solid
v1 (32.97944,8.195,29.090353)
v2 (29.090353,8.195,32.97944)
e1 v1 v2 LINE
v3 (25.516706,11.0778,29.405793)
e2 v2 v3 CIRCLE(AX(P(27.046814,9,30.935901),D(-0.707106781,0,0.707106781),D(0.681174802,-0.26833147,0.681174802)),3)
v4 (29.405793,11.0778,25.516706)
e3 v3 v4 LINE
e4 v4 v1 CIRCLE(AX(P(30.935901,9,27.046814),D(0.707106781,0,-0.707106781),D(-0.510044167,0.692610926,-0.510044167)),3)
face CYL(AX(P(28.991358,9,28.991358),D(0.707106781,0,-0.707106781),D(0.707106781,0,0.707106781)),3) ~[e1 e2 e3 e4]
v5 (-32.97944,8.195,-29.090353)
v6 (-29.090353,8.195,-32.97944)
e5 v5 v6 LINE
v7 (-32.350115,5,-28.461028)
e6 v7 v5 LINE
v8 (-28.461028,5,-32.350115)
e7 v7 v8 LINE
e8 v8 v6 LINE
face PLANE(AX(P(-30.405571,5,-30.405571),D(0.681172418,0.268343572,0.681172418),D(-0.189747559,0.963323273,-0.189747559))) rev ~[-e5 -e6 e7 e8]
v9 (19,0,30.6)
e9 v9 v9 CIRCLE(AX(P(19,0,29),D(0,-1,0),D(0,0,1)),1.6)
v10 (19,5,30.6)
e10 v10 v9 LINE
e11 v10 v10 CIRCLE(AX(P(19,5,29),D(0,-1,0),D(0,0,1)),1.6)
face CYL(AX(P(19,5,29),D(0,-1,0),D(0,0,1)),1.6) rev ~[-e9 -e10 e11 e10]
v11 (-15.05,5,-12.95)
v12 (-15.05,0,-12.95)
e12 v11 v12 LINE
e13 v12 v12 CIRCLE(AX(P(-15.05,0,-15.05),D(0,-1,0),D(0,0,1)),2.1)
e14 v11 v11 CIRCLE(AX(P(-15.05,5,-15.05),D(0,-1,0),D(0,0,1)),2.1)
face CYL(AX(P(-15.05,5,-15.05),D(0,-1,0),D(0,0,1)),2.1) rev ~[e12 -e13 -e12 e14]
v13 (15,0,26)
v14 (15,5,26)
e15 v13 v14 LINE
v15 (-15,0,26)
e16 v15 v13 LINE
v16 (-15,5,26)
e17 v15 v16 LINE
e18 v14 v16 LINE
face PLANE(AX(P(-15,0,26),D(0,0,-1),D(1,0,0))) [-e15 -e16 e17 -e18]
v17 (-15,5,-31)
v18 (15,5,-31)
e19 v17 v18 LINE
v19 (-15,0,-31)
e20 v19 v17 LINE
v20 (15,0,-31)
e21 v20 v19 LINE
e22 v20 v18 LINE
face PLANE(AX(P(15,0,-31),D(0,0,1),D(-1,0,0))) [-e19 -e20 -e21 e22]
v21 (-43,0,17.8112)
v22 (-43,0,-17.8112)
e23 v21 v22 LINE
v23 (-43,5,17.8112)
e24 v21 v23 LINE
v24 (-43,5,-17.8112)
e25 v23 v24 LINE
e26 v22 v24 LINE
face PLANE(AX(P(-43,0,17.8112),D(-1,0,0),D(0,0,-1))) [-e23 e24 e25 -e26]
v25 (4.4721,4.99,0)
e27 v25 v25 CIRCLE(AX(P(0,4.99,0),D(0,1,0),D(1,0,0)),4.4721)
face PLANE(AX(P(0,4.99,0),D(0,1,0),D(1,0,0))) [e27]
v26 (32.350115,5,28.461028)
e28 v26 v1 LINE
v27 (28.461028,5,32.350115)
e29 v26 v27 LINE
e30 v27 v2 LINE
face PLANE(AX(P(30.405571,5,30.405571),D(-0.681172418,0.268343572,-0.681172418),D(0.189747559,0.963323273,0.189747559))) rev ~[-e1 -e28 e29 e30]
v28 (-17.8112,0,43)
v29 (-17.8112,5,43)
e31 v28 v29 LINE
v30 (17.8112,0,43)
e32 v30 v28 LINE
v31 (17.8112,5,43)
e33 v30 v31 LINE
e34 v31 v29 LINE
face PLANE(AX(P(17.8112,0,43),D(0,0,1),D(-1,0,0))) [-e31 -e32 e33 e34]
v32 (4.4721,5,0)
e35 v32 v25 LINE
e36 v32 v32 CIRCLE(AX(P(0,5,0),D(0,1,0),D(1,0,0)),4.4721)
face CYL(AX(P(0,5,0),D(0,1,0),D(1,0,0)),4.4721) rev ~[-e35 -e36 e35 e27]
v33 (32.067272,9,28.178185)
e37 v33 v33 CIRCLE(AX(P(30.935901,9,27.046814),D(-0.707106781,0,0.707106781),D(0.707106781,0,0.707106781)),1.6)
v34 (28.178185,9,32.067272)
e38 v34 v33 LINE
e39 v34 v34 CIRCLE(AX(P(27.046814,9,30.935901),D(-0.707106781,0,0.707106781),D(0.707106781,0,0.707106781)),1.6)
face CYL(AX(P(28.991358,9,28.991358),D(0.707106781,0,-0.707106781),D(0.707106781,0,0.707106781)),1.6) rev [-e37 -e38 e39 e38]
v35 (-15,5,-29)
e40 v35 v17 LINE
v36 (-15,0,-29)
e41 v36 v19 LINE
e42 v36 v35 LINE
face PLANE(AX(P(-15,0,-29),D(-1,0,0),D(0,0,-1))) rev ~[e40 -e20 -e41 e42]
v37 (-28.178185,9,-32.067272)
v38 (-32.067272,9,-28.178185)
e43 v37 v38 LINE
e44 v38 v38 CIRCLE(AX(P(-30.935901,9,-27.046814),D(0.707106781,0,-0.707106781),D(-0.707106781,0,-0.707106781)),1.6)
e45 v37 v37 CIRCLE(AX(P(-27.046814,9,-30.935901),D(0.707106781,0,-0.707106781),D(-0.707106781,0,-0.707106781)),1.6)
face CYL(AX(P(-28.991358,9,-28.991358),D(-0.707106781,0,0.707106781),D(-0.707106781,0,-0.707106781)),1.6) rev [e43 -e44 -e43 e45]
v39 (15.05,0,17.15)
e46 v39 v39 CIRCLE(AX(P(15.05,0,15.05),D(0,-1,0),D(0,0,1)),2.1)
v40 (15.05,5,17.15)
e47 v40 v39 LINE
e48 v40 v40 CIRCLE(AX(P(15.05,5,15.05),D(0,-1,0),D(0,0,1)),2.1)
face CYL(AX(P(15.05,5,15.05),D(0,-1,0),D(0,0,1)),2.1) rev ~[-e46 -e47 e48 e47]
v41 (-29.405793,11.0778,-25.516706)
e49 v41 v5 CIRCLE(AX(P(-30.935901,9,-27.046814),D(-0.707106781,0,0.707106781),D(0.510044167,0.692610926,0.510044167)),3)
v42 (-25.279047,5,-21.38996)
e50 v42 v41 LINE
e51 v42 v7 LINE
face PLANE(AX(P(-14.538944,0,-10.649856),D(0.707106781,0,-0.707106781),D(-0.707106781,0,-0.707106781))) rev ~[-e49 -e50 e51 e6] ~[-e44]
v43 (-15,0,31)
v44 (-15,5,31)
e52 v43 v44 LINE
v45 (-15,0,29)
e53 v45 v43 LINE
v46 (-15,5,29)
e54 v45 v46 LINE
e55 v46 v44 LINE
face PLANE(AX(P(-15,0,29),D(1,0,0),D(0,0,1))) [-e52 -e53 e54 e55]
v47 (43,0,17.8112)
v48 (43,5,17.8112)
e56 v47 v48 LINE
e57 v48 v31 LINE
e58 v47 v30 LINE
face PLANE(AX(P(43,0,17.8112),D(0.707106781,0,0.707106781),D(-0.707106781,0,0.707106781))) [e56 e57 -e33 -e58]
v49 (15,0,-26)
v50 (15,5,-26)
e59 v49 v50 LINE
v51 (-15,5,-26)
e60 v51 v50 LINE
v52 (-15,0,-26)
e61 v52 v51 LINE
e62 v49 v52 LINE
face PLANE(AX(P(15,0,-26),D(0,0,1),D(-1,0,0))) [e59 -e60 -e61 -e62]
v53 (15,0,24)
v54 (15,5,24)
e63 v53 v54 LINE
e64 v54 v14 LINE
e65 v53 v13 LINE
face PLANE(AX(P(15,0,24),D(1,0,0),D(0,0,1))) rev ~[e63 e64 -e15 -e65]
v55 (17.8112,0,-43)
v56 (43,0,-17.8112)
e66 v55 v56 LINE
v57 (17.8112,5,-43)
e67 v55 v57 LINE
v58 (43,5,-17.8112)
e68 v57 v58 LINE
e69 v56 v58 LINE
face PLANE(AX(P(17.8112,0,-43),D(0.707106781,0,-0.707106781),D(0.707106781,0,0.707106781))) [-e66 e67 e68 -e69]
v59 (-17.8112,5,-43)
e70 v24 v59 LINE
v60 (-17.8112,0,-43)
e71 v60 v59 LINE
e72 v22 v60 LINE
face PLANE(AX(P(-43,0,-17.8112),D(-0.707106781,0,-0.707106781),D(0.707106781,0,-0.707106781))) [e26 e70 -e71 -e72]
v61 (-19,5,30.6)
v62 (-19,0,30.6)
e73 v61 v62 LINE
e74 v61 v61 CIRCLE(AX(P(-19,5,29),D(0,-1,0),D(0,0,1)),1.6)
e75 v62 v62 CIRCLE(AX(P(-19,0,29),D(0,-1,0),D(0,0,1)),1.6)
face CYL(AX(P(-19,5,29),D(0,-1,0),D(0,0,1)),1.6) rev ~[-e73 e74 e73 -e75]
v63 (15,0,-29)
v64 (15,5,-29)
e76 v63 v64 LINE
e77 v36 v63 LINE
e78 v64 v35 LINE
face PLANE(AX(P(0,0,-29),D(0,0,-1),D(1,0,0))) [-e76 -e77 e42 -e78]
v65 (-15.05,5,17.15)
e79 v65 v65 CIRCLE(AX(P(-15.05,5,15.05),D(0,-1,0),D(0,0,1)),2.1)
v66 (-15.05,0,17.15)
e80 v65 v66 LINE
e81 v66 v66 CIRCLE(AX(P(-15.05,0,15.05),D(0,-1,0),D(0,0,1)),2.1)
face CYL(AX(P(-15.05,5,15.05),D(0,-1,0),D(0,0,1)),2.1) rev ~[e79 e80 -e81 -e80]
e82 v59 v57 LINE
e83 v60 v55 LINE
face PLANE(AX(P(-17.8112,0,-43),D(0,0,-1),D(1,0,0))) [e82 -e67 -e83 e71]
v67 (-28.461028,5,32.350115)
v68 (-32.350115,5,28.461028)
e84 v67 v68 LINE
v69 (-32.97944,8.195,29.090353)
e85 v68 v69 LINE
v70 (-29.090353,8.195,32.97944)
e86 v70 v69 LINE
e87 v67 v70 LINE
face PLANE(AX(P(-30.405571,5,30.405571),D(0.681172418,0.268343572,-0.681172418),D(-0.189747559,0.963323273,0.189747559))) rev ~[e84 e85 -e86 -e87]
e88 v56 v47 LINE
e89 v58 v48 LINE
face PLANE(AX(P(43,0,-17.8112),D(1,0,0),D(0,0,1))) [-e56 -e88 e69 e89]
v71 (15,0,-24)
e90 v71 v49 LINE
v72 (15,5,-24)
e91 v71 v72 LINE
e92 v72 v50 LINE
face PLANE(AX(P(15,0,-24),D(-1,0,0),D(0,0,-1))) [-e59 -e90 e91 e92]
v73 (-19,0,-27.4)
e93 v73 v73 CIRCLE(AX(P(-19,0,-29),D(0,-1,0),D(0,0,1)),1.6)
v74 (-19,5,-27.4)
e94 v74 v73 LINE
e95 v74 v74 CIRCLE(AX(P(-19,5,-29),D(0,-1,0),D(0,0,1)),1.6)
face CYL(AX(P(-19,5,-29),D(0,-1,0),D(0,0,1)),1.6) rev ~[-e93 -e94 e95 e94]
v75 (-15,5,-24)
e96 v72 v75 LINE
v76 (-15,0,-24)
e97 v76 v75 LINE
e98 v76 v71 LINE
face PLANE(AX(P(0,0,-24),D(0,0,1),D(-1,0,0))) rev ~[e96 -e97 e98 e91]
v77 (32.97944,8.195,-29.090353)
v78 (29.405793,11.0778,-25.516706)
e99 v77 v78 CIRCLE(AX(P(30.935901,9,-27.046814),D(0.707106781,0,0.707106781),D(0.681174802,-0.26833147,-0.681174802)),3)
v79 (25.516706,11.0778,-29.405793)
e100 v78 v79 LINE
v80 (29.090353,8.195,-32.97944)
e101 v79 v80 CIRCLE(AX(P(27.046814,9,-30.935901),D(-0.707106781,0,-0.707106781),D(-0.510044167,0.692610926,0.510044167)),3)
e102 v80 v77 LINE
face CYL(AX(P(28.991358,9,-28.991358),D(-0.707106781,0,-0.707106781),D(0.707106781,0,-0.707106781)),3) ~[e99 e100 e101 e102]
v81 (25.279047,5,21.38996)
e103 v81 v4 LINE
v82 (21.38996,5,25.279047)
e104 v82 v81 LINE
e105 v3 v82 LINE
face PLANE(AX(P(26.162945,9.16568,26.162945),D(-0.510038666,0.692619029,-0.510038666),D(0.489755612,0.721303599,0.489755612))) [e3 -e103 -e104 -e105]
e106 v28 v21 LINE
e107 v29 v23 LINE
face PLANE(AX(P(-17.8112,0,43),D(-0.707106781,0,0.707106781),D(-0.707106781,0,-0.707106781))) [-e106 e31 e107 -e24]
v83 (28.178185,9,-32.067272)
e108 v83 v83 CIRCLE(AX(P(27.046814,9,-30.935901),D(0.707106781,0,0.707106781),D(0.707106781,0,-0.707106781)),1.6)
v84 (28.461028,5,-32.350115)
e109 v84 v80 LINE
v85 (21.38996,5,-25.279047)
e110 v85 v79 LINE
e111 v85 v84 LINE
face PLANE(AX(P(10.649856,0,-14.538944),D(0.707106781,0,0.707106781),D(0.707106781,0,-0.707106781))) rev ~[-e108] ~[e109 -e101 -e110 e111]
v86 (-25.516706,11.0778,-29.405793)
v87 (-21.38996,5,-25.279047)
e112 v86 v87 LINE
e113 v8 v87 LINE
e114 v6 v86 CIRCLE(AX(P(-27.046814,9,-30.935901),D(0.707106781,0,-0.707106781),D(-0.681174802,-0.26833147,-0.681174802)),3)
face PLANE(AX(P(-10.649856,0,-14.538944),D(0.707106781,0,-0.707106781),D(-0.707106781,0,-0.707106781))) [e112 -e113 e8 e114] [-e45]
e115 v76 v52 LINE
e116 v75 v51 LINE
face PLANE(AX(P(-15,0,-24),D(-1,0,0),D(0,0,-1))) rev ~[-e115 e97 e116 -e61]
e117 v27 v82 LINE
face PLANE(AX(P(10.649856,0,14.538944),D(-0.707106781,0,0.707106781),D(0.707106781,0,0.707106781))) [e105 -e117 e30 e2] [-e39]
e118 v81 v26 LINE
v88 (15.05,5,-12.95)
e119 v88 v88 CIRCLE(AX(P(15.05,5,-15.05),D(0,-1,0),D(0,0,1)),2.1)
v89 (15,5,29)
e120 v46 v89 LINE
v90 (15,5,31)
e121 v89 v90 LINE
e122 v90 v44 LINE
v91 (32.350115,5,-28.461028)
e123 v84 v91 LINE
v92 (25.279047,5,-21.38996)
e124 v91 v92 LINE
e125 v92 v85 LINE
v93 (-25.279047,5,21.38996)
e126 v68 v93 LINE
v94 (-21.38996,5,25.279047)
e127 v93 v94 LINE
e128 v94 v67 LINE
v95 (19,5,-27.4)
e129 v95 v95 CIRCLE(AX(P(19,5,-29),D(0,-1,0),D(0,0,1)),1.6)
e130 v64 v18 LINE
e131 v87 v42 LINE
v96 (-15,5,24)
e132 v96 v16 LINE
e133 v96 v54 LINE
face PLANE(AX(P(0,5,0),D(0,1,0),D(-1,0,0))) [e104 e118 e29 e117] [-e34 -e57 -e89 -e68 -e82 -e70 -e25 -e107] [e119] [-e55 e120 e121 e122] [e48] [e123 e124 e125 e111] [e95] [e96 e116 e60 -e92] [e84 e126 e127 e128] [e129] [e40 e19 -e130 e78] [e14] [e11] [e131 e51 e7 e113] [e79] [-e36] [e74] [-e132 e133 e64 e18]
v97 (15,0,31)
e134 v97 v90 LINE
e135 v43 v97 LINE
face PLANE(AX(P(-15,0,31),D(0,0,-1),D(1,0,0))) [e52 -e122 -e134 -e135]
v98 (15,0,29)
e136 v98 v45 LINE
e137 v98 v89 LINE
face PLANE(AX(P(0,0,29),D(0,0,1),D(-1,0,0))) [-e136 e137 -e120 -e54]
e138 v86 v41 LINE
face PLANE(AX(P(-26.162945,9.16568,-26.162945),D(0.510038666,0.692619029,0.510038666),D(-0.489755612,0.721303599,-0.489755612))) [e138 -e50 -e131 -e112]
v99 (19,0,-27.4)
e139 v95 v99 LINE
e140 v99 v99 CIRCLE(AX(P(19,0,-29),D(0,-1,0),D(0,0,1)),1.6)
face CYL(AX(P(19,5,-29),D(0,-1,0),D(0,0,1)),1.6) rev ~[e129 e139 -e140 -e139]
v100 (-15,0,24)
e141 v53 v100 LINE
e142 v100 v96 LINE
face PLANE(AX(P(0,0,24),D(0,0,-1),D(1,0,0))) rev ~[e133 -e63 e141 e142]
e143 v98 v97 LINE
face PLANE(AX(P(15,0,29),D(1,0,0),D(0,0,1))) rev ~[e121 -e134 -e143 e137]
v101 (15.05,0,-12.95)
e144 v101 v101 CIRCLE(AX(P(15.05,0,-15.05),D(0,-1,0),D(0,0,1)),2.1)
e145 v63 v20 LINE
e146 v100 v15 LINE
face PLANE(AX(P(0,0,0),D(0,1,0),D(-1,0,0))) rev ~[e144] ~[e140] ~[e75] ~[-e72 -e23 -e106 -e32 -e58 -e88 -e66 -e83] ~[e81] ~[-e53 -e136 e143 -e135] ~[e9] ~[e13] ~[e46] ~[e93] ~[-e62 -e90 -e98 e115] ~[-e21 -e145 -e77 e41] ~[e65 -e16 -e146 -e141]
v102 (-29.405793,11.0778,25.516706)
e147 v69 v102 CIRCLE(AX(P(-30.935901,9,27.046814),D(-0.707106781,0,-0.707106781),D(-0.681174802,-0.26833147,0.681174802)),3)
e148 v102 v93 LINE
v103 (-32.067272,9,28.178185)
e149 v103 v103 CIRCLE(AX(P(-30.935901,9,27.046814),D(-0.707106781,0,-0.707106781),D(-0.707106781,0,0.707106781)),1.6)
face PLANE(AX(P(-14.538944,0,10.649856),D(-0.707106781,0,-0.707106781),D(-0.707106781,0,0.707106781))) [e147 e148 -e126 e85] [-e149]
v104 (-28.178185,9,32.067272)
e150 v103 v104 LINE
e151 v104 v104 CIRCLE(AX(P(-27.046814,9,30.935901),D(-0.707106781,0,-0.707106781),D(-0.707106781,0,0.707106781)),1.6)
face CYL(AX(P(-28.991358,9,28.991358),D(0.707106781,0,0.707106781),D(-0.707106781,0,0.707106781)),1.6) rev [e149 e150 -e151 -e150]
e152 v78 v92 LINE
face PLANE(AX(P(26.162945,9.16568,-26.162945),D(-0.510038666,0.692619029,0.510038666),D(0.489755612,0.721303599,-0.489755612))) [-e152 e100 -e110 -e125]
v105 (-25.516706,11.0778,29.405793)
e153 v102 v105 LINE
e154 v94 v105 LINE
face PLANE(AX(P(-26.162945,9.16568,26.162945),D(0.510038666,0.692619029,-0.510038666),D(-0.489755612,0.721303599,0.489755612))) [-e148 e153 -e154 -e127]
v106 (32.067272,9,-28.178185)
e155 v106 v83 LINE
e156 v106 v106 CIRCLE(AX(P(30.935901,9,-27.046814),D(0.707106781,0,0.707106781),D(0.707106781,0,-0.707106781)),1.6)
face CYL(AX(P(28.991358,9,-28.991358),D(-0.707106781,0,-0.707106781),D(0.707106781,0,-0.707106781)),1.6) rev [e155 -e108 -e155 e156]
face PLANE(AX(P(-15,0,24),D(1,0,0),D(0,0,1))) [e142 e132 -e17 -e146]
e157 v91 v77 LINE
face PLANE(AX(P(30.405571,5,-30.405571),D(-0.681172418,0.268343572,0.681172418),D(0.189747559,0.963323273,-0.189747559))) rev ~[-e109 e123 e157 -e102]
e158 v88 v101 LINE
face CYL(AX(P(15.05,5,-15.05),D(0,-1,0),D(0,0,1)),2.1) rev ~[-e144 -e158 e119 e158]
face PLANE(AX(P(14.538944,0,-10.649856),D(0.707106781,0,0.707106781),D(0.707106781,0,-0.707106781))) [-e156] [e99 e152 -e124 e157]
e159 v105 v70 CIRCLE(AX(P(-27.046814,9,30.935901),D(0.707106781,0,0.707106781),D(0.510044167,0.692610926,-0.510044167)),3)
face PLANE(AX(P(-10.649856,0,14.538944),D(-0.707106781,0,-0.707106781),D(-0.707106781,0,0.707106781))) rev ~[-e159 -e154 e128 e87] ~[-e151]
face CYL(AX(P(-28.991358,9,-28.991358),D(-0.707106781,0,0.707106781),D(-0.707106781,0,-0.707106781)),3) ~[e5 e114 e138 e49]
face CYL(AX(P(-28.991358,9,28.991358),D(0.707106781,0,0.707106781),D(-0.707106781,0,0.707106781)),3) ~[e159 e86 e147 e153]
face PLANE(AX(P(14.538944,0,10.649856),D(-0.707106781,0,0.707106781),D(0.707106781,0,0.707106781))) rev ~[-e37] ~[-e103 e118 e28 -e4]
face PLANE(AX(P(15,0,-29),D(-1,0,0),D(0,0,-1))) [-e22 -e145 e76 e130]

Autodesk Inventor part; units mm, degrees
ref_plane "YZ Plane" through (0, 0, 0) normal (1, 0, 0) x (0, 1, 0)
ref_plane "XZ Plane" through (0, 0, 0) normal (0, 1, 0) x (-1, 0, 0)
sketch "Sketch1" plane through (0, 0, 0) normal (0, 1, 0) x (-1, 0, 0)
  line L0 (17.8112, 43) -> (43, 17.8112)
  line L1 (43, 17.8112) -> (43, -17.8112)
  line L2 (43, -17.8112) -> (17.8112, -43)
  line L3 (17.8112, -43) -> (-17.8112, -43)
  line L4 (-17.8112, -43) -> (-43, -17.8112)
  line L5 (-43, -17.8112) -> (-43, 17.8112)
  line L6 (-43, 17.8112) -> (-17.8112, 43)
  line L7 (-17.8112, 43) -> (17.8112, 43)
  point P0 (0, 0)
  point P1 (0, 0)
  point P2 (0, 43)
  dimension "d0" = 86
extrude "Extrusion1" add sketch "Sketch1" along normal blind 5
sketch "Sketch3" plane through (0, 0, 0) normal (0, -1, 0) x (1, 0, 0)
  line L0 (43, 17.8112) -> (43, -17.8112) projected
  line L1 (-15, 24) -> (-15, 26)
  line L2 (-15, 26) -> (0, 26)
  line L3 (0, 29) -> (-15, 29)
  line L4 (-15, 29) -> (-15, 31)
  line L5 (-15, 31) -> (0, 31)
  line L6 (0, 0) -> (0, 24) construction
  line L7 (0, 0) -> (-3.3479, 0) construction
  line L8 (0, 24) -> (-15, 24)
  line L9 (15, 24) -> (15, 26)
  line L10 (15, 26) -> (0, 26)
  line L11 (0, 29) -> (15, 29)
  line L12 (15, 29) -> (15, 31)
  line L13 (15, 31) -> (0, 31)
  line L14 (0, 24) -> (15, 24)
  line L15 (-15, -24) -> (-15, -26)
  line L16 (-15, -26) -> (0, -26)
  line L17 (0, -29) -> (-15, -29)
  line L18 (-15, -29) -> (-15, -31)
  line L19 (-15, -31) -> (0, -31)
  line L20 (0, -24) -> (-15, -24)
  line L21 (15, -24) -> (15, -26)
  line L22 (15, -26) -> (0, -26)
  line L23 (0, -29) -> (15, -29)
  line L24 (15, -29) -> (15, -31)
  line L25 (15, -31) -> (0, -31)
  line L26 (0, -24) -> (15, -24)
  line L27 (-17.8112, 43) -> (17.8112, 43) projected
  point P0 (11.5, 17.5)
  point P1 (-15, 25)
  point P2 (-7.5, 24)
  point P3 (15, 25)
  point P4 (7.5, 24)
  point P5 (11.5, -17.5)
  point P6 (-15, -25)
  point P7 (-7.5, -24)
  point P8 (15, -25)
  point P9 (7.5, -24)
  point P10 (0, 43)
  dimension "d21" = 2
  dimension "d22" = 3
  dimension "d23" = 2
  dimension "d25" = 15
  dimension "d30" = 12
extrude "Extrusion3" cut sketch "Sketch3" against normal blind 5
sketch "Sketch4" plane through (0, 5, 0) normal (0, 1, 0) x (1, 0, 0)
  circle A0 centre (0, 0) radius 4.4721
extrude "Extrusion4" cut sketch "Sketch4" against normal blind 0.01
ref_plane "Work Plane1" through (12.5944, 0, 12.5944) normal (-0.7071, 0, 0.7071) x (0.7071, 0, 0.7071)
sketch "Sketch5" plane through (12.5944, 0, 12.5944) normal (-0.7071, 0, 0.7071) x (0.7071, 0, 0.7071)
  line L0 (25.1888, 5) -> (19.1888, 5)
  line L1 (25.1888, 5) -> (0, 5)
  line L2 (19.1888, 5) -> (19.1888, 9) construction
  line L3 (19.1888, 9) -> (23.1888, 9) construction
  circle A0 centre (23.1888, 9) radius 3
  circle A1 centre (23.1888, 9) radius 1.6
  line L4 (25.1888, 5) -> (26.0788, 8.195)
  line L5 (15.1888, 5) -> (21.0249, 11.0778)
  line L6 (15.1888, 5) -> (19.1888, 5)
  line L7 (19.1888, 9.1657) -> (18.1888, 5)
  point P0 (-17.8112, 0)
  point P1 (-17.8112, 0)
  point P2 (-107.2923, -20.1826)
  point P3 (-107.2923, -23.1826)
  point P4 (15.1888, 5)
  dimension "d33" = 6
  dimension "d34" = 4
  dimension "d35" = 4
  dimension "d36" = 6
  dimension "d37" = 3.2
  dimension "d38" = 10
  dimension "d39" = 1
extrude "Extrusion5" add sketch "Sketch5" along normal mid plane 5.5
pattern_circular "Circular Pattern2" count 4 over 360 about axis through (0, 5, 0) along (0, -1, 0) of "Extrusion5"
sketch "Sketch6" plane through (0, 5, 0) normal (0, 1, 0) x (1, 0, 0)
  line L0 (0, 0) -> (30.1227, 30.1227) construction
  line L1 (32.0673, 28.1782) -> (28.1782, 32.0673) construction
  line L2 (-15.05, -15.05) -> (15.05, -15.05) construction
  line L3 (15.05, -15.05) -> (15.05, 15.05) construction
  line L4 (15.05, 15.05) -> (-15.05, 15.05) construction
  line L5 (-15.05, 15.05) -> (-15.05, -15.05) construction
  line L6 (-15.05, -15.05) -> (15.05, 15.05) construction
  line L7 (15.05, -15.05) -> (-15.05, 15.05) construction
  dimension "d45" = 30.1
  dimension "d46" = 30.1
hole "Hole1" at (-15.05, 5, -15.05) at (-15.05, 5, 15.05) at (15.05, 5, -15.05) at (15.05, 5, 15.05) direction (0, -1, 0) diameter 4.2 end through all
sketch "Sketch7" plane through (0, 5, 0) normal (0, 1, 0) x (1, 0, 0)
  line L0 (-18, -18) -> (18, -18) construction
  line L1 (18, -18) -> (18, 18) construction
  line L2 (18, 18) -> (-18, 18) construction
  line L3 (-18, 18) -> (-18, -18) construction
  line L4 (-18, -18) -> (18, 18) construction
  line L5 (18, -18) -> (-18, 18) construction
  line L6 (-19, -29) -> (19, -29) construction
  line L7 (19, -29) -> (19, 29) construction
  line L8 (19, 29) -> (-19, 29) construction
  line L9 (-19, 29) -> (-19, -29) construction
  circle A0 centre (0, 0) radius 4.4721 construction
  line L10 (-19, -29) -> (19, 29) construction
  line L11 (19, -29) -> (-19, 29) construction
  dimension "d59" = 36
  dimension "d60" = 36
  dimension "d61" = 58
  dimension "d62" = 38
hole "Hole2" at (-19, 5, -29) at (19, 5, -29) at (19, 5, 29) at (-19, 5, 29) direction (0, -1, 0) diameter 3.2 end through all
properties part number "bottom"
